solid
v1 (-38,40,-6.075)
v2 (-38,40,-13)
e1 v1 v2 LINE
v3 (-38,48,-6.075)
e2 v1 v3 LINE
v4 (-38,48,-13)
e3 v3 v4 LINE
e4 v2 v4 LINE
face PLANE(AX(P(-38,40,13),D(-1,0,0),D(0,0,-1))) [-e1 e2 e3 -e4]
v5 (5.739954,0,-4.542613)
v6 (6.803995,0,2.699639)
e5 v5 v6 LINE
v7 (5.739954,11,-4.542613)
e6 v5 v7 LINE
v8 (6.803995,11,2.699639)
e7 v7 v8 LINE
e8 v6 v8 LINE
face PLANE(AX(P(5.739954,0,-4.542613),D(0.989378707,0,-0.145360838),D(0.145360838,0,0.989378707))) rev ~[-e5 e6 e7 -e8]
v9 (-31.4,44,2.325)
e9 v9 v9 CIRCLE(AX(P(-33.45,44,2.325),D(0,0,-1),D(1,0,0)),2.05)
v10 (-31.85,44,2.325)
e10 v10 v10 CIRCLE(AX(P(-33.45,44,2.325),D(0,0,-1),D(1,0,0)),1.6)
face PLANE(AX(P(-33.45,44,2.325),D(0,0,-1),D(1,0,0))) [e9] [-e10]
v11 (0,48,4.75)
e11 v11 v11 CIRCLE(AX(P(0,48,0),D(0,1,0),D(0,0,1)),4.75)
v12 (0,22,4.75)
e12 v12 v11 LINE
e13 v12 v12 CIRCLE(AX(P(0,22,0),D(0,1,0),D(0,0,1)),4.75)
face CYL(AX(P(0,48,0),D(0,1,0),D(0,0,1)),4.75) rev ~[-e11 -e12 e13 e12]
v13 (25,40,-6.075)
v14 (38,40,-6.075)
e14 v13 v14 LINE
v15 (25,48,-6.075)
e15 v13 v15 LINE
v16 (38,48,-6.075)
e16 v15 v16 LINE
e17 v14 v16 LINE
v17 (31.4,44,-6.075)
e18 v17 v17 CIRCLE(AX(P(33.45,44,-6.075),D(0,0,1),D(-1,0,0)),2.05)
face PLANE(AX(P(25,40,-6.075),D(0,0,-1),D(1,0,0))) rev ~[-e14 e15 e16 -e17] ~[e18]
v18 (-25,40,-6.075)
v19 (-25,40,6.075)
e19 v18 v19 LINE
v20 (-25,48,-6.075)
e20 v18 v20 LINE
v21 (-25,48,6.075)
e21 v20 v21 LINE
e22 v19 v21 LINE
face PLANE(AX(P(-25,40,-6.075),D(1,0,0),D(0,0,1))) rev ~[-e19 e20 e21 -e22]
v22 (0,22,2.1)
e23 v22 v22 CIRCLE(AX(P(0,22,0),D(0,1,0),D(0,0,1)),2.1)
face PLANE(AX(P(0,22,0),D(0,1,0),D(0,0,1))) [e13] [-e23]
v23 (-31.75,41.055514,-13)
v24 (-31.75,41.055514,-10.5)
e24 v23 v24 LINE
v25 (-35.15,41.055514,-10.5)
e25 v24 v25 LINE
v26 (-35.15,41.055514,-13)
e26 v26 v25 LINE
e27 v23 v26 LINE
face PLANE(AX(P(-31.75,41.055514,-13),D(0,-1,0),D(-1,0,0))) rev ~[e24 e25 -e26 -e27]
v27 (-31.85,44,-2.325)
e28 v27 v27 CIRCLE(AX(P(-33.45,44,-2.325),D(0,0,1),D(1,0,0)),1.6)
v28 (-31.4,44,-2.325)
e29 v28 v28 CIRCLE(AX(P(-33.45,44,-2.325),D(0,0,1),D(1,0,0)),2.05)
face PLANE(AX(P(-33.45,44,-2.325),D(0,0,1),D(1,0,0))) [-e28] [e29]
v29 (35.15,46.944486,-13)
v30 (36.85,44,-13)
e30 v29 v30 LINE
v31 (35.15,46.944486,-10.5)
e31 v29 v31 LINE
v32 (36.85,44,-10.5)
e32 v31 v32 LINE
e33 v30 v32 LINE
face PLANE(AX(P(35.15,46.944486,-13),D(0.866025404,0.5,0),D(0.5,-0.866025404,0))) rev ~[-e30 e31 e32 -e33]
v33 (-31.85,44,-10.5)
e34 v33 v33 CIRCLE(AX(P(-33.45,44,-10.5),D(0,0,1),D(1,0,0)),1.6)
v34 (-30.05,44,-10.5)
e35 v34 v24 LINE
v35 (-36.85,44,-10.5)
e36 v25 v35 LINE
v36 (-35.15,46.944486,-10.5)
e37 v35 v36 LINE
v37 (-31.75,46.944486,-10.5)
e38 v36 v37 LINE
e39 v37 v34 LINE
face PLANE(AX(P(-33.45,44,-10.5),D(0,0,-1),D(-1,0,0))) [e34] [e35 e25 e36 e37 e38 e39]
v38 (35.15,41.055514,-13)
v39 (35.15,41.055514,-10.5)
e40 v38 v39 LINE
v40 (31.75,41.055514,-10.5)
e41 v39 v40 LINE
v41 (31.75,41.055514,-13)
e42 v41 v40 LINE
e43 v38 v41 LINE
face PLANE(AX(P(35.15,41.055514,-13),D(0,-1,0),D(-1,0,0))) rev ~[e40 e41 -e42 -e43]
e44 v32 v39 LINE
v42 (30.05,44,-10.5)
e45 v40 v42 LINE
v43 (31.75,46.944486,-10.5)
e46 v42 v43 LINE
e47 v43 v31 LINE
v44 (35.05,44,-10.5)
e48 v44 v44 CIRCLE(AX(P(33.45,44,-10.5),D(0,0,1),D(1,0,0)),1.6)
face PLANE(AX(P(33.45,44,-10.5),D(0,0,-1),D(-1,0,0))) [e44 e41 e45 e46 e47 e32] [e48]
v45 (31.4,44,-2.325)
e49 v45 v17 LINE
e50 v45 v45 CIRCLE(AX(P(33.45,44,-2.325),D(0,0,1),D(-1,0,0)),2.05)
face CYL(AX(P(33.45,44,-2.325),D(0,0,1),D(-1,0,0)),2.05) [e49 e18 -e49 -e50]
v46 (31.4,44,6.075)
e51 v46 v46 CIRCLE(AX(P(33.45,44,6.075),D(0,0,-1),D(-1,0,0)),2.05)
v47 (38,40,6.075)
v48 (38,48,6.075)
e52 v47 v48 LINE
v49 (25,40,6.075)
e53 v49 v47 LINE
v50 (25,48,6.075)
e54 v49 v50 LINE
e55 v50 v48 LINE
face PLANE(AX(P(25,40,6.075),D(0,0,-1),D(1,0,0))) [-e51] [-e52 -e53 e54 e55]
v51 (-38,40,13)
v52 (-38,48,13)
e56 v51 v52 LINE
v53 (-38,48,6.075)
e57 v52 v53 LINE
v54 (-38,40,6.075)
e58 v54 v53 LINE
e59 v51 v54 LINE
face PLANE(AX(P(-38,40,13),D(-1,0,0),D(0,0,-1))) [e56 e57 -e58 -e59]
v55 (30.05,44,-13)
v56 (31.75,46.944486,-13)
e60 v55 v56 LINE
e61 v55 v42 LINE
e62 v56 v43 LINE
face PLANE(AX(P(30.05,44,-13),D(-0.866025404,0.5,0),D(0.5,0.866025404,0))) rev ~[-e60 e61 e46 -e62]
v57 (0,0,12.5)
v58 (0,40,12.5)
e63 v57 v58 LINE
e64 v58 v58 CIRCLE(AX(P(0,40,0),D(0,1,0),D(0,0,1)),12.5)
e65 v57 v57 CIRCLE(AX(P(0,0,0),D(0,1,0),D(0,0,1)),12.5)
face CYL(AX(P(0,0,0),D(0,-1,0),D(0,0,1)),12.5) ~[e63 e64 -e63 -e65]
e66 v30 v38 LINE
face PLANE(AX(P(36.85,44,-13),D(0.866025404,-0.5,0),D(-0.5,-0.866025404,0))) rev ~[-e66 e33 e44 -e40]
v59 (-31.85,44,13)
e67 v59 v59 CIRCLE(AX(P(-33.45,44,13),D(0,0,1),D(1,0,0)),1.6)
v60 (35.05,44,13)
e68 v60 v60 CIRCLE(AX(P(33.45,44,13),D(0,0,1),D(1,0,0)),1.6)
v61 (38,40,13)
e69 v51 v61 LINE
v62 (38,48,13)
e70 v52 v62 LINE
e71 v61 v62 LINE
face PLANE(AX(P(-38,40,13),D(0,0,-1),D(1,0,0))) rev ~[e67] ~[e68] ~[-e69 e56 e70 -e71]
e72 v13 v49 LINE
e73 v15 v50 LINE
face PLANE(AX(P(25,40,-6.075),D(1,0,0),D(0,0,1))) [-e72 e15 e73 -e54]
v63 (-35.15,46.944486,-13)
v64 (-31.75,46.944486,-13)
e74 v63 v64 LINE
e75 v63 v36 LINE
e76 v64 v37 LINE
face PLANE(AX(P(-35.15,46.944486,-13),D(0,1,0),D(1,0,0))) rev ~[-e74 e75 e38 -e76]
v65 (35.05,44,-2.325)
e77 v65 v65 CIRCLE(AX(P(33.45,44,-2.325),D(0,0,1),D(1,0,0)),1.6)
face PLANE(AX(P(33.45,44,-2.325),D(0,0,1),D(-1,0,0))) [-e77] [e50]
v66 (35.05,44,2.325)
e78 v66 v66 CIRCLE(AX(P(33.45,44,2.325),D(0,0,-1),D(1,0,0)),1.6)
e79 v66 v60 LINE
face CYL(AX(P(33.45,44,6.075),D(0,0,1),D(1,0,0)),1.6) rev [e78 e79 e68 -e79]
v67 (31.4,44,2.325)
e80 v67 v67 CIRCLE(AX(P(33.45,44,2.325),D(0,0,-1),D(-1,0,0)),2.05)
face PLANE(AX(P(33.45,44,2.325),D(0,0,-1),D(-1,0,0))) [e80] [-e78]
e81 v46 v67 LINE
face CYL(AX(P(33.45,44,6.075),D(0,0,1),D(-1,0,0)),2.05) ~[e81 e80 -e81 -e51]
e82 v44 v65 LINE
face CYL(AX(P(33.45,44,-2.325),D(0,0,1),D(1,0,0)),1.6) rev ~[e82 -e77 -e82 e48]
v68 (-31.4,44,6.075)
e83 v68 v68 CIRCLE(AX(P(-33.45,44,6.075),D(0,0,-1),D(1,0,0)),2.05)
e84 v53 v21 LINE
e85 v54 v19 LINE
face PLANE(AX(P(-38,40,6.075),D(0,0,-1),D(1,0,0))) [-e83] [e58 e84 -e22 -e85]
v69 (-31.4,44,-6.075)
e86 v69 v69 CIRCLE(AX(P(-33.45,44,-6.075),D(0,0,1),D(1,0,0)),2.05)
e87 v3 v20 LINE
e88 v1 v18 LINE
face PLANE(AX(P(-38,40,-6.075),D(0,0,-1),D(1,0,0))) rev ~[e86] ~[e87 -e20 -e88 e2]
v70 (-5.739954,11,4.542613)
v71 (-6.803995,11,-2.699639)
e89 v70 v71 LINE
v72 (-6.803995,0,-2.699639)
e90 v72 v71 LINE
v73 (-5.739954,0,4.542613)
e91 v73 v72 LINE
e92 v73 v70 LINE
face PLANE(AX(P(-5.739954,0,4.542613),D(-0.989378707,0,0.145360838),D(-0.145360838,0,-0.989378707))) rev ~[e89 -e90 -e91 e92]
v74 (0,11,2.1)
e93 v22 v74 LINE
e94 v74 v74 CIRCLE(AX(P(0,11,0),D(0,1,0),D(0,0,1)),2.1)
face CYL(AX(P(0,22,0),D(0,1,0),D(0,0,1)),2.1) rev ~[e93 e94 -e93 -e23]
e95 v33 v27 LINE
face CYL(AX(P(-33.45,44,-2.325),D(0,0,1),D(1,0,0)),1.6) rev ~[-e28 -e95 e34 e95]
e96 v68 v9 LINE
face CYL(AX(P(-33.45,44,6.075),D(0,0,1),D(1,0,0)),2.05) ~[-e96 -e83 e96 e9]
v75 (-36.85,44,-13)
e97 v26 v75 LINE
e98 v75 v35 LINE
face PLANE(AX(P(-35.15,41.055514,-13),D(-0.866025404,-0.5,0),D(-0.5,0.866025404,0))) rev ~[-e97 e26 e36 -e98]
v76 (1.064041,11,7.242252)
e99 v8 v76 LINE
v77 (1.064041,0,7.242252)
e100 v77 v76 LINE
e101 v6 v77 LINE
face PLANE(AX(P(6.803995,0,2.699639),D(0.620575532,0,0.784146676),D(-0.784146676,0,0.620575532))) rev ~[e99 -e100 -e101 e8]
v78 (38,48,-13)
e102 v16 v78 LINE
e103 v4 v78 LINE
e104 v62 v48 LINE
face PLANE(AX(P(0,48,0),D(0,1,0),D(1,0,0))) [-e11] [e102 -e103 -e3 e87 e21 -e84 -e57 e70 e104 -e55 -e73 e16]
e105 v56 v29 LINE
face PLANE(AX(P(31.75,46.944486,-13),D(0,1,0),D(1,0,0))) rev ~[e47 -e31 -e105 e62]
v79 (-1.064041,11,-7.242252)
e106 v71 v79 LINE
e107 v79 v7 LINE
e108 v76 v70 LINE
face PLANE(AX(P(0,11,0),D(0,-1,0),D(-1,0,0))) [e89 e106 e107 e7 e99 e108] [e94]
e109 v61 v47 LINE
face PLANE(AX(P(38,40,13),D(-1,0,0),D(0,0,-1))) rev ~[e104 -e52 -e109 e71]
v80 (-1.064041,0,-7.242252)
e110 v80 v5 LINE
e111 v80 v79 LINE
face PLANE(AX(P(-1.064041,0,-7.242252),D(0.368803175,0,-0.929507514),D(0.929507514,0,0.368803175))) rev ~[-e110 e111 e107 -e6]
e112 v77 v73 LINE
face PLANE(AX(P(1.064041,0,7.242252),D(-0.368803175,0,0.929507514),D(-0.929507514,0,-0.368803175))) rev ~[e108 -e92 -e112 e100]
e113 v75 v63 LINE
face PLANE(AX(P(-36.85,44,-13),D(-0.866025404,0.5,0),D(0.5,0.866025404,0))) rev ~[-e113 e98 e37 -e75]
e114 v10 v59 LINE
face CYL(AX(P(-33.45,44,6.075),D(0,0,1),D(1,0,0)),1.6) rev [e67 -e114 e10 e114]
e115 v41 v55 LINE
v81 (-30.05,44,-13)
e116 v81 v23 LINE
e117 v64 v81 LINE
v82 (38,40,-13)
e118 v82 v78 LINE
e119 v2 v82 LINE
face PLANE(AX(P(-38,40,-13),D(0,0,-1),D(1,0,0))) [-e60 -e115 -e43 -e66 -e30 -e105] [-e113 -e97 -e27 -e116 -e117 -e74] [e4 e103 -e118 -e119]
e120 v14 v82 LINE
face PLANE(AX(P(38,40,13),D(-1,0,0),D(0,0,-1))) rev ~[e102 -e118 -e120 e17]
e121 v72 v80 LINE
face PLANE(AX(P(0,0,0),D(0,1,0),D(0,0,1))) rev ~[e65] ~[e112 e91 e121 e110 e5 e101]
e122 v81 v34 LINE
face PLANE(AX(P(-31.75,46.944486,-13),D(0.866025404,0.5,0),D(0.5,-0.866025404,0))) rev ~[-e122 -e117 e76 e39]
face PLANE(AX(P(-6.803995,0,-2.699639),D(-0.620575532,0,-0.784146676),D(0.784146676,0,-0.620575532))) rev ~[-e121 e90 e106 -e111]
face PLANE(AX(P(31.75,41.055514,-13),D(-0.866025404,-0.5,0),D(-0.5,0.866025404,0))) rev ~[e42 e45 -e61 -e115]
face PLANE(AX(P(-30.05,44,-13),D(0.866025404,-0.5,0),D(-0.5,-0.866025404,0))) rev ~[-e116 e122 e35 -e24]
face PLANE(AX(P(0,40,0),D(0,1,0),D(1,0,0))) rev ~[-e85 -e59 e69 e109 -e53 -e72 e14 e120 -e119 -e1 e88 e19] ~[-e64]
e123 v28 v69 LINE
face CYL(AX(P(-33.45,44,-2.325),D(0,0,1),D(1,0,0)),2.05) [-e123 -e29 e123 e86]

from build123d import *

# Parameters (mm, degrees)
SKETCH_10_R         = 12.5
EXTRUDE_5_DEPTH     = 40
CUT_EXTRUDE_1_DEPTH = 11
SKETCH_12_R         = 4.75
CUT_EXTRUDE_2_DEPTH = 18
SKETCH_13_R         = 2.1
CUT_EXTRUDE_3_DEPTH = 20
SKETCH_14_W         = 76
SKETCH_14_H         = 26
EXTRUDE_8_DEPTH     = 8
SKETCH_15_R         = 4.75
CUT_EXTRUDE_4_DEPTH = 8
SKETCH_16_R         = 1.6
CUT_EXTRUDE_5_DEPTH = 26
SKETCH_17_W         = 13
SKETCH_17_H         = 12.15
CUT_EXTRUDE_6_DEPTH = 8
SKETCH_18_R         = 2.05
SKETCH_18_R_2       = 1.6
EXTRUDE_9_DEPTH     = 3.75
EXTRUDE_START       = 3.75
SKETCH_19_R         = 2.05
SKETCH_19_R_2       = 1.6
EXTRUDE_10_DEPTH    = 3.75
SKETCH_20_R         = 2.05
SKETCH_20_R_2       = 1.6
EXTRUDE_11_DEPTH    = 3.75
SKETCH_21_R         = 2.05
SKETCH_21_R_2       = 1.6
EXTRUDE_12_DEPTH    = 3.75
CUT_EXTRUDE_7_DEPTH = 2.5


with BuildPart() as part:
    # 草图10 → 凸台-拉伸5 (new body)
    with BuildSketch(Plane(origin=(0, 0, 0), x_dir=(1, 0, 0), z_dir=(0, 1, 0))):
        with Locations(Location((0, 0, 0), (0, 0, 270))):
            Circle(SKETCH_10_R)
    extrude(amount=EXTRUDE_5_DEPTH)

    # 草图11 → 切除-拉伸1 (cut)
    with BuildSketch(Plane(origin=(0, 0, 0), x_dir=(-1, 0, 0), z_dir=(0, -1, 0))):
        Polygon((5.739953665, -4.542612896), (6.803995, 2.699639243), (1.064041335, 7.242252139), (-5.739953665, 4.542612896), (-6.803995, -2.699639243), (-1.064041335, -7.242252139), align=None)
    extrude(amount=-CUT_EXTRUDE_1_DEPTH, mode=Mode.SUBTRACT)

    # 草图12 → 切除-拉伸2 (cut)
    with BuildSketch(Plane(origin=(0, 40, 0), x_dir=(1, 0, 0), z_dir=(0, 1, 0))):
        with Locations(Location((0, 0, 0), (0, 0, 270))):
            Circle(SKETCH_12_R)
    extrude(amount=-CUT_EXTRUDE_2_DEPTH, mode=Mode.SUBTRACT)

    # 草图13 → 切除-拉伸3 (cut)
    with BuildSketch(Plane(origin=(0, 22, 0), x_dir=(1, 0, 0), z_dir=(0, 1, 0))):
        with Locations(Location((0, 0, 0), (0, 0, 270))):
            Circle(SKETCH_13_R)
    extrude(amount=-CUT_EXTRUDE_3_DEPTH, mode=Mode.SUBTRACT)

    # 草图14 → 凸台-拉伸8 (add)
    with BuildSketch(Plane(origin=(0, 40, 0), x_dir=(1, 0, 0), z_dir=(0, 1, 0))):
        Rectangle(SKETCH_14_W, SKETCH_14_H)
    extrude(amount=EXTRUDE_8_DEPTH)

    # 草图15 → 切除-拉伸4 (cut)
    with BuildSketch(Plane(origin=(0, 48, 0), x_dir=(1, 0, 0), z_dir=(0, 1, 0))):
        with Locations(Location((0, 0, 0), (0, 0, 270))):
            Circle(SKETCH_15_R)
    extrude(amount=-CUT_EXTRUDE_4_DEPTH, mode=Mode.SUBTRACT)

    # 草图16 → 切除-拉伸5 (cut)
    with BuildSketch(Plane.XY.offset(13)):
        with Locations((-33.45, 44)):
            Circle(SKETCH_16_R)
        with Locations((33.45, 44)):
            Circle(SKETCH_16_R)
    extrude(amount=-CUT_EXTRUDE_5_DEPTH, mode=Mode.SUBTRACT)

    # 草图17 → 切除-拉伸6 (cut)
    with BuildSketch(Plane.XZ.offset(-40)):
        with Locations((31.5, 0)):
            Rectangle(SKETCH_17_W, SKETCH_17_H)
        with Locations((-31.5, 0)):
            Rectangle(SKETCH_17_W, SKETCH_17_H)
    extrude(amount=-CUT_EXTRUDE_6_DEPTH, mode=Mode.SUBTRACT)

    # 草图18 → 凸台-拉伸9 (add)
    with BuildSketch(Plane(origin=(0, 0, 6.075), x_dir=(-1, 0, 0), z_dir=(0, 0, -1))):
        with Locations(Location((33.45, 44, 0), (0, 0, 180))):
            Circle(SKETCH_18_R)
        with Locations(Location((33.45, 44, 0), (0, 0, 180))):
            Circle(SKETCH_18_R_2, mode=Mode.SUBTRACT)
    extrude(amount=EXTRUDE_9_DEPTH)

    # 草图19 → 凸台-拉伸10 (add)
    with BuildSketch(Plane.XY.offset(-6.075).offset(EXTRUDE_START)):
        with Locations((-33.45, 44)):
            Circle(SKETCH_19_R)
        with Locations((-33.45, 44)):
            Circle(SKETCH_19_R_2, mode=Mode.SUBTRACT)
    extrude(amount=-EXTRUDE_10_DEPTH)

    # 草图20 → 凸台-拉伸11 (add)
    with BuildSketch(Plane.XY.offset(-6.075).offset(EXTRUDE_START)):
        with Locations(Location((33.45, 44, 0), (0, 0, 180))):
            Circle(SKETCH_20_R)
        with Locations((33.45, 44)):
            Circle(SKETCH_20_R_2, mode=Mode.SUBTRACT)
    extrude(amount=-EXTRUDE_11_DEPTH)

    # 草图21 → 凸台-拉伸12 (add)
    with BuildSketch(Plane(origin=(0, 0, 6.075), x_dir=(-1, 0, 0), z_dir=(0, 0, -1))):
        with Locations((-33.45, 44)):
            Circle(SKETCH_21_R)
        with Locations(Location((-33.45, 44, 0), (0, 0, 180))):
            Circle(SKETCH_21_R_2, mode=Mode.SUBTRACT)
    extrude(amount=EXTRUDE_12_DEPTH)

    # 草图22 → 切除-拉伸7 (cut)
    with BuildSketch(Plane(origin=(0, 0, -13), x_dir=(-1, 0, 0), z_dir=(0, 0, -1))):
        Polygon((-30.05, 44), (-31.75, 46.944486373), (-35.15, 46.944486373), (-36.85, 44), (-35.15, 41.055513627), (-31.75, 41.055513627), align=None)
        Polygon((36.85, 44), (35.15, 46.944486373), (31.75, 46.944486373), (30.05, 44), (31.75, 41.055513627), (35.15, 41.055513627), align=None)
    extrude(amount=-CUT_EXTRUDE_7_DEPTH, mode=Mode.SUBTRACT)


solid = part.part
